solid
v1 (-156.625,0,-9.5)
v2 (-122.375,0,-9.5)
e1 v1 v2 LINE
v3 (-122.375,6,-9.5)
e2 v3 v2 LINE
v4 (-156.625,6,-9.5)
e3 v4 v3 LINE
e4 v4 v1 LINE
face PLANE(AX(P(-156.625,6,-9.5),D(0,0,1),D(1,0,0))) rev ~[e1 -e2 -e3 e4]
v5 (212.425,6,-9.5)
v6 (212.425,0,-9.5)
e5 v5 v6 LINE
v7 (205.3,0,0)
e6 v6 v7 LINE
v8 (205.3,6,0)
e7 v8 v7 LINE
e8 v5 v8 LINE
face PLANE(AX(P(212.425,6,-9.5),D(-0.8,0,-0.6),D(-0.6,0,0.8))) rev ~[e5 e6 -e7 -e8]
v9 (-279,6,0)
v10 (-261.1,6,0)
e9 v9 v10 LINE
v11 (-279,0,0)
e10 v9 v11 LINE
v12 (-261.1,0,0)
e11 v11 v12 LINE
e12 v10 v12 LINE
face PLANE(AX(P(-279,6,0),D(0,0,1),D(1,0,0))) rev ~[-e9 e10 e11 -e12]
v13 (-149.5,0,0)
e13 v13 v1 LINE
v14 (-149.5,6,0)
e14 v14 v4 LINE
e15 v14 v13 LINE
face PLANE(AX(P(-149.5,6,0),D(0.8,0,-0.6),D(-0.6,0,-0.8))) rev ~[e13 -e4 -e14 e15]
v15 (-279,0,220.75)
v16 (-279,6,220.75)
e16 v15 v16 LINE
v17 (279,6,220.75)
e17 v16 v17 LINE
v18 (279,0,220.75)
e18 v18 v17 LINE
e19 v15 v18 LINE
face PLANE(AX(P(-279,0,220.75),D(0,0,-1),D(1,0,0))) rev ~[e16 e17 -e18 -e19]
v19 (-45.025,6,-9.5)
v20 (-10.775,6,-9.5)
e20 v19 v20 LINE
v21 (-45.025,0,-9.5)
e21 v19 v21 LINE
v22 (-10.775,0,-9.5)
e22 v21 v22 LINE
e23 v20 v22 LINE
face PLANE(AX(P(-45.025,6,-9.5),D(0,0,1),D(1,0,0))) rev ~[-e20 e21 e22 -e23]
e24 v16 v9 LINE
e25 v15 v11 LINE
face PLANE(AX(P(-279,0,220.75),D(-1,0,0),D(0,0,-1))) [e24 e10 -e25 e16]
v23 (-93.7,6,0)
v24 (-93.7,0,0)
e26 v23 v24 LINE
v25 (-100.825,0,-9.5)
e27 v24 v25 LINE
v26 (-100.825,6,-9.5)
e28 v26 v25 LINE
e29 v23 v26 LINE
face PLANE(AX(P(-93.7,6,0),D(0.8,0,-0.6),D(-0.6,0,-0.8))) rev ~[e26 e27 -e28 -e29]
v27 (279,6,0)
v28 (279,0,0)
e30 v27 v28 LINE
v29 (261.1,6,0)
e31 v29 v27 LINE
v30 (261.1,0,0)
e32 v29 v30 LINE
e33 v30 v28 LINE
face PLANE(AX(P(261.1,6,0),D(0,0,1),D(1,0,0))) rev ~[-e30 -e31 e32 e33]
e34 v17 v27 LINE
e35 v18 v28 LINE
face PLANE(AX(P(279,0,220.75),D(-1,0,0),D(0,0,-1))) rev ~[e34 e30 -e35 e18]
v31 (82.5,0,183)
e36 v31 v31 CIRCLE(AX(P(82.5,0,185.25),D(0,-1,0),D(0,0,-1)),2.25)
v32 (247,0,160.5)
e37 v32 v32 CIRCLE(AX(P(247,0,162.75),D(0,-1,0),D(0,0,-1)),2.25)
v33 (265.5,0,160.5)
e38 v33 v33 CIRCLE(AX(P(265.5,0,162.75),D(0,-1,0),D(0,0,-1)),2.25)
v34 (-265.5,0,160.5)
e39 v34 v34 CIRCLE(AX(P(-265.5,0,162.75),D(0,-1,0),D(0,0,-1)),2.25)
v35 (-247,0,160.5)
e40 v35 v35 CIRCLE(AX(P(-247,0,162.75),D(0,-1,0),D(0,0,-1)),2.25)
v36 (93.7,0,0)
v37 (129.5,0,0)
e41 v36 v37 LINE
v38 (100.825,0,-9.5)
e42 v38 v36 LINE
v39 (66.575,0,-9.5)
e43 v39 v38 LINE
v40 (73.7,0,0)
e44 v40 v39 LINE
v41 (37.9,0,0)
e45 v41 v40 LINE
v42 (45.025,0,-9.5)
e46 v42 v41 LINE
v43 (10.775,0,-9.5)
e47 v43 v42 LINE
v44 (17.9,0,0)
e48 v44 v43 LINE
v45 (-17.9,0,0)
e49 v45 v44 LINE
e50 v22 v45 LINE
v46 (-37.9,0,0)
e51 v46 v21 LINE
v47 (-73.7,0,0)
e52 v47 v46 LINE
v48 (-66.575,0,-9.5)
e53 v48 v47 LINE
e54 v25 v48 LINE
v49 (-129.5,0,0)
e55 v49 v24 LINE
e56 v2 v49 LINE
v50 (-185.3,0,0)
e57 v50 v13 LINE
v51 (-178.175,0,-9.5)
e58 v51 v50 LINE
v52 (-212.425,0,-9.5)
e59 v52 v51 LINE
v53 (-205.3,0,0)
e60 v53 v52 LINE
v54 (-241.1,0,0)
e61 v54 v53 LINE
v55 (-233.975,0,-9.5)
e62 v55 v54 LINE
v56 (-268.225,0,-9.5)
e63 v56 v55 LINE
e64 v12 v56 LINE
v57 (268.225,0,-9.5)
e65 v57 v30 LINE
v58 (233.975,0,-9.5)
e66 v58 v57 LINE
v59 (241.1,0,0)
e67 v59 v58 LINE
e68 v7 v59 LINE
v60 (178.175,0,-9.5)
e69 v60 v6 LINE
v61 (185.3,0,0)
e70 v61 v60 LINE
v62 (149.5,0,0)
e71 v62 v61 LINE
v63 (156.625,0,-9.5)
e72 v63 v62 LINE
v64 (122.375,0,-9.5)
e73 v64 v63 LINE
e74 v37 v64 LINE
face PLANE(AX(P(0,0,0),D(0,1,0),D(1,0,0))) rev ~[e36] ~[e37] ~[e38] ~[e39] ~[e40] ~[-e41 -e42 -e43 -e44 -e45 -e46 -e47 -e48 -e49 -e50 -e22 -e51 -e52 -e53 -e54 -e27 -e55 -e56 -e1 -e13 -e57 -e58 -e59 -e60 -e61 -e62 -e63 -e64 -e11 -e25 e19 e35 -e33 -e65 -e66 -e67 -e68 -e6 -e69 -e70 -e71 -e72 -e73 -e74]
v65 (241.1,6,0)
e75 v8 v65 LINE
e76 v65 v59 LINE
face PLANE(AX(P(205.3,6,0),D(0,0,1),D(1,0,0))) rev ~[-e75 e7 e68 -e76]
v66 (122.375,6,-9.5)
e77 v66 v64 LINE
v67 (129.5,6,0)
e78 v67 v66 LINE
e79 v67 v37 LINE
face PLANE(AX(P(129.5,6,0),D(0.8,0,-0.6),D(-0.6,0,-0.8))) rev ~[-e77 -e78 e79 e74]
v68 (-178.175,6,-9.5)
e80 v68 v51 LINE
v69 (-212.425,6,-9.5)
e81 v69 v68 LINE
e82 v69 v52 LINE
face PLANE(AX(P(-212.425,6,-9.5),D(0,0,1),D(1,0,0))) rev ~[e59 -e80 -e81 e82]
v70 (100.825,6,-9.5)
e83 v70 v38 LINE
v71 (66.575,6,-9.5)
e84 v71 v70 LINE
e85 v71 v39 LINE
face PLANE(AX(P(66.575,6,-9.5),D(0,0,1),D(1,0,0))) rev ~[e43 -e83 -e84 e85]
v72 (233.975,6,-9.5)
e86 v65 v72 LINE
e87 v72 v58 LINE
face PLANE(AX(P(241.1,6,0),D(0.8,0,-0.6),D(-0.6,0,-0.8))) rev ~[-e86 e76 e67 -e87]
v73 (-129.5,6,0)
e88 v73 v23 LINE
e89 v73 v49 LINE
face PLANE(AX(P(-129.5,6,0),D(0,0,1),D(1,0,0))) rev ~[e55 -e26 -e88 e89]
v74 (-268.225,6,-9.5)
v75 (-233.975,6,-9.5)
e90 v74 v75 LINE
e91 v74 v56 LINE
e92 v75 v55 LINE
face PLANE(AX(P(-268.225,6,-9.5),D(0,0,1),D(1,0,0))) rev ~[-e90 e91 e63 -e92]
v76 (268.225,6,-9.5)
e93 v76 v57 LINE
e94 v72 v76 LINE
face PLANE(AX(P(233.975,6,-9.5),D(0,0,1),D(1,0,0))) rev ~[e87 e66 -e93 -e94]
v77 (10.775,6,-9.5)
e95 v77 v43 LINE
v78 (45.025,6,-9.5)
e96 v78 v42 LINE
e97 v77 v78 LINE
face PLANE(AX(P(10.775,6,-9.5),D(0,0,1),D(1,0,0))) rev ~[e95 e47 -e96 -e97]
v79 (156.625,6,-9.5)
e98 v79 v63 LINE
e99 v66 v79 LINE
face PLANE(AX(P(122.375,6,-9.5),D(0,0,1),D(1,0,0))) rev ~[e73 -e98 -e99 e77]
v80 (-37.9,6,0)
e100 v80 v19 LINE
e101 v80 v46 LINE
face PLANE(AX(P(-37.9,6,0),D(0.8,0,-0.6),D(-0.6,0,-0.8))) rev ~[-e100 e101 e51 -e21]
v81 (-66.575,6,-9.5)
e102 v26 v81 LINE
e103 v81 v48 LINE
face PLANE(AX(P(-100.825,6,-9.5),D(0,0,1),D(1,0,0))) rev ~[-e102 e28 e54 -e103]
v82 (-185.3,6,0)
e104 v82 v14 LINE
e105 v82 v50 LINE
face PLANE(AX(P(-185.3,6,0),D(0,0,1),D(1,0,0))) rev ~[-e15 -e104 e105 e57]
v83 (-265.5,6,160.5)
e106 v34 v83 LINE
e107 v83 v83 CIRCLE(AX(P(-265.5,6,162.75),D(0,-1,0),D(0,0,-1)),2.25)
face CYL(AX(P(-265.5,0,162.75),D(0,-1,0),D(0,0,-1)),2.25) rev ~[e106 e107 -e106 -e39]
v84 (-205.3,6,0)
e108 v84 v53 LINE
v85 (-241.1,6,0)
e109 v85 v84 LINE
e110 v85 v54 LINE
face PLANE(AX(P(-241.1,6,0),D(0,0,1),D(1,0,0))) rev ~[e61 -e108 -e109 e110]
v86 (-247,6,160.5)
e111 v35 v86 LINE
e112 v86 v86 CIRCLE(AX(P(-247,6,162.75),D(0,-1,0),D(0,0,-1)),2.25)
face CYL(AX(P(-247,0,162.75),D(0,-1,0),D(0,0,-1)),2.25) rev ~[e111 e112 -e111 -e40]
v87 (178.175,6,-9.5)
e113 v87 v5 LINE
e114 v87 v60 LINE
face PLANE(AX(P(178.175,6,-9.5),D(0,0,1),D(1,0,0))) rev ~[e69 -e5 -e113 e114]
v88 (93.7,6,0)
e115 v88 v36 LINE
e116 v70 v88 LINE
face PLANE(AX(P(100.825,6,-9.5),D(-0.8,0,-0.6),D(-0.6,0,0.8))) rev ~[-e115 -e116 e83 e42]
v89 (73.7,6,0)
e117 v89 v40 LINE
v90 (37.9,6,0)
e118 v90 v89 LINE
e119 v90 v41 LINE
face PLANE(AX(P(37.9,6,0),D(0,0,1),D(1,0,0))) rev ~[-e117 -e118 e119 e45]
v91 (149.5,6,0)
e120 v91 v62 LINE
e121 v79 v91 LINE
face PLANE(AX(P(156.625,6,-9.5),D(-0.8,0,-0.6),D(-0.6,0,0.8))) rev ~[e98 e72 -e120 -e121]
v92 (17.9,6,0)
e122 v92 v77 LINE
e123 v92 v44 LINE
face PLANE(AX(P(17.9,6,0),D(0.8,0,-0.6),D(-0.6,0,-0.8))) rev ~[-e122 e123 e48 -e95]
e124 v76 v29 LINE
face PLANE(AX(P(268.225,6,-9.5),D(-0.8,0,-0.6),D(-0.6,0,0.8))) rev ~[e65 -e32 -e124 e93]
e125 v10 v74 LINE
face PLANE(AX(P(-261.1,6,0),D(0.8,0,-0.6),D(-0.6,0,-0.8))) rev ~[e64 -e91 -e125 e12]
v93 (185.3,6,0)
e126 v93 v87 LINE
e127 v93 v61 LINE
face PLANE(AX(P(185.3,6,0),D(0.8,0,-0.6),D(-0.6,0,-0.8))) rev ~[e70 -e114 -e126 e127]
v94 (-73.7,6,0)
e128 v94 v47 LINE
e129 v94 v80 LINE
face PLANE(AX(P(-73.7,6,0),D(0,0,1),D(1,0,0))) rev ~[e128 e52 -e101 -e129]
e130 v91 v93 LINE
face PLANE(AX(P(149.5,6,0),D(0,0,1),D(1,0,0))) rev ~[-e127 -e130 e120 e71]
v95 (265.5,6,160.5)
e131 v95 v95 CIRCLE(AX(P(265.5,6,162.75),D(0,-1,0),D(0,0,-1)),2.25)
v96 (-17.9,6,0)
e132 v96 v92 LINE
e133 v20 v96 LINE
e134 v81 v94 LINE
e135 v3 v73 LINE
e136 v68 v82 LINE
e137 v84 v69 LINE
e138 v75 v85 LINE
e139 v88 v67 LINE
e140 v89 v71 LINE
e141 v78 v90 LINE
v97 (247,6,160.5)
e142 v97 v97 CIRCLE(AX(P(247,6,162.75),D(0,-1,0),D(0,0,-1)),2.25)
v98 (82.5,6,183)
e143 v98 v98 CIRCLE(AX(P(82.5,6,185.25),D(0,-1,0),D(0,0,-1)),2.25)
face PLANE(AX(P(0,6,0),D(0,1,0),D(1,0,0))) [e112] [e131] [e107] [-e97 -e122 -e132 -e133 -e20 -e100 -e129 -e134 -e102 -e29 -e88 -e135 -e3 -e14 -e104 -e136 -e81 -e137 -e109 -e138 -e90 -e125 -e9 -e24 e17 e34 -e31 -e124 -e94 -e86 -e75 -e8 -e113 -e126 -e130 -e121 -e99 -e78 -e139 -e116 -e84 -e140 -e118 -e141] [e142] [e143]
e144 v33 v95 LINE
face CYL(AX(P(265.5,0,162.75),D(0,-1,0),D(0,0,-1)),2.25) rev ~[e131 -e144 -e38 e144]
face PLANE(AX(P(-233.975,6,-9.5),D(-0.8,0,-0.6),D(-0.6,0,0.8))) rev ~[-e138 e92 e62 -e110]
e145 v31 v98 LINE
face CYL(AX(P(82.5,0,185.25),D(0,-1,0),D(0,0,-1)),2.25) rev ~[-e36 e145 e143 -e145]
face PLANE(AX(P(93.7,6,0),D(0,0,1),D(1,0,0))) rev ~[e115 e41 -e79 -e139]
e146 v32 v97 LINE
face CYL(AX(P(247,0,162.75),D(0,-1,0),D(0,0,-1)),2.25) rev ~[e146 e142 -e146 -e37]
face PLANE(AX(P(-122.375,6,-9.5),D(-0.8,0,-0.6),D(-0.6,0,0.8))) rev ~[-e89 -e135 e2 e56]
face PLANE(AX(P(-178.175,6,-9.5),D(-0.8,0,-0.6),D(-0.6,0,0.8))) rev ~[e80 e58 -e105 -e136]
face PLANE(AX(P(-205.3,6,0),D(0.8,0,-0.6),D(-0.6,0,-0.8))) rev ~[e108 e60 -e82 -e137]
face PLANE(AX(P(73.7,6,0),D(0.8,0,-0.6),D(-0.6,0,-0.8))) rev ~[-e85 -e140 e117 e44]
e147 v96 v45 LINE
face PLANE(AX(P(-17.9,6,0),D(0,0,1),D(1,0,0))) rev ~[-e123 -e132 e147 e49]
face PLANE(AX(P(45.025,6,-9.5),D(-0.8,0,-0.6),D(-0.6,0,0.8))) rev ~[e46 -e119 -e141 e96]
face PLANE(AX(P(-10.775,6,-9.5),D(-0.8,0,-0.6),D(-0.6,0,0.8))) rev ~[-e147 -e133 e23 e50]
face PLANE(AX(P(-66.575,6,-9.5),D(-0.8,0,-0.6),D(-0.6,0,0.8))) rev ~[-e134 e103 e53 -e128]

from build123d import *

# Parameters (mm, degrees)
SCHIZZO1_W                   = 558
SCHIZZO1_H                   = 441.5
ESTRUSIONE_ESTRUSIONE1_DEPTH = 6
SCHIZZO2_R                   = 2.25
TAGLIO_ESTRUSIONE1_DEPTH     = 10
TAGLIO_ESTRUSIONE2_DEPTH     = 10


with BuildPart() as part:
    # Schizzo1 → Estrusione-Estrusione1 (new body)
    with BuildSketch(Plane(origin=(0, 0, 0), x_dir=(1, 0, 0), z_dir=(0, 1, 0))):
        Rectangle(SCHIZZO1_W, SCHIZZO1_H)
    extrude(amount=ESTRUSIONE_ESTRUSIONE1_DEPTH)

    # Schizzo2 → Taglio-Estrusione1 (cut)
    with BuildSketch(Plane(origin=(0, 0, 0), x_dir=(-1, 0, 0), z_dir=(0, -1, 0))):
        with Locations(Location((-221, 207.25, 0), (0, 0, 90))):
            Circle(SCHIZZO2_R)
        with Locations(Location((-221, 188.75, 0), (0, 0, 90))):
            Circle(SCHIZZO2_R)
        with Locations(Location((-247, 162.75, 0), (0, 0, 90))):
            Circle(SCHIZZO2_R)
        with Locations(Location((-265.5, 162.75, 0), (0, 0, 90))):
            Circle(SCHIZZO2_R)
        with Locations(Location((221, 207.25, 0), (0, 0, 90))):
            Circle(SCHIZZO2_R)
        with Locations(Location((221, 188.75, 0), (0, 0, 90))):
            Circle(SCHIZZO2_R)
        with Locations(Location((247, 162.75, 0), (0, 0, 90))):
            Circle(SCHIZZO2_R)
        with Locations(Location((265.5, 162.75, 0), (0, 0, 90))):
            Circle(SCHIZZO2_R)
        with Locations(Location((265.5, -162.75, 0), (0, 0, 90))):
            Circle(SCHIZZO2_R)
        with Locations(Location((247, -162.75, 0), (0, 0, 90))):
            Circle(SCHIZZO2_R)
        with Locations(Location((-265.5, -162.75, 0), (0, 0, 90))):
            Circle(SCHIZZO2_R)
        with Locations(Location((-247, -162.75, 0), (0, 0, 90))):
            Circle(SCHIZZO2_R)
        with Locations(Location((-82.5, -185.25, 0), (0, 0, 90))):
            Circle(SCHIZZO2_R)
    extrude(amount=-TAGLIO_ESTRUSIONE1_DEPTH, mode=Mode.SUBTRACT)

    # Schizzo3 → Taglio-Estrusione2 (cut)
    with BuildSketch(Plane(origin=(0, 6, 0), x_dir=(1, 0, 0), z_dir=(0, 1, 0))):
        Polygon((-279, 0), (-261.1, 0), (-268.225, 9.5), (-233.975, 9.5), (-241.1, 0), (-223.2, 0), (-205.3, 0), (-212.425, 9.5), (-178.175, 9.5), (-185.3, 0), (-167.4, 0), (-149.5, 0), (-156.625, 9.5), (-122.375, 9.5), (-129.5, 0), (-111.6, 0), (-93.7, 0), (-100.825, 9.5), (-66.575, 9.5), (-73.7, 0), (-55.8, 0), (-37.9, 0), (-45.025, 9.5), (-10.775, 9.5), (-17.9, 0), (0, 0), (17.9, 0), (10.775, 9.5), (45.025, 9.5), (37.9, 0), (55.8, 0), (73.7, 0), (66.575, 9.5), (100.825, 9.5), (93.7, 0), (111.6, 0), (129.5, 0), (122.375, 9.5), (156.625, 9.5), (149.5, 0), (167.4, 0), (185.3, 0), (178.175, 9.5), (212.425, 9.5), (205.3, 0), (223.2, 0), (241.1, 0), (233.975, 9.5), (268.225, 9.5), (261.1, 0), (279, 0), (279, 220.75), (-279, 220.75), align=None)
    extrude(amount=-TAGLIO_ESTRUSIONE2_DEPTH, mode=Mode.SUBTRACT)


solid = part.part
